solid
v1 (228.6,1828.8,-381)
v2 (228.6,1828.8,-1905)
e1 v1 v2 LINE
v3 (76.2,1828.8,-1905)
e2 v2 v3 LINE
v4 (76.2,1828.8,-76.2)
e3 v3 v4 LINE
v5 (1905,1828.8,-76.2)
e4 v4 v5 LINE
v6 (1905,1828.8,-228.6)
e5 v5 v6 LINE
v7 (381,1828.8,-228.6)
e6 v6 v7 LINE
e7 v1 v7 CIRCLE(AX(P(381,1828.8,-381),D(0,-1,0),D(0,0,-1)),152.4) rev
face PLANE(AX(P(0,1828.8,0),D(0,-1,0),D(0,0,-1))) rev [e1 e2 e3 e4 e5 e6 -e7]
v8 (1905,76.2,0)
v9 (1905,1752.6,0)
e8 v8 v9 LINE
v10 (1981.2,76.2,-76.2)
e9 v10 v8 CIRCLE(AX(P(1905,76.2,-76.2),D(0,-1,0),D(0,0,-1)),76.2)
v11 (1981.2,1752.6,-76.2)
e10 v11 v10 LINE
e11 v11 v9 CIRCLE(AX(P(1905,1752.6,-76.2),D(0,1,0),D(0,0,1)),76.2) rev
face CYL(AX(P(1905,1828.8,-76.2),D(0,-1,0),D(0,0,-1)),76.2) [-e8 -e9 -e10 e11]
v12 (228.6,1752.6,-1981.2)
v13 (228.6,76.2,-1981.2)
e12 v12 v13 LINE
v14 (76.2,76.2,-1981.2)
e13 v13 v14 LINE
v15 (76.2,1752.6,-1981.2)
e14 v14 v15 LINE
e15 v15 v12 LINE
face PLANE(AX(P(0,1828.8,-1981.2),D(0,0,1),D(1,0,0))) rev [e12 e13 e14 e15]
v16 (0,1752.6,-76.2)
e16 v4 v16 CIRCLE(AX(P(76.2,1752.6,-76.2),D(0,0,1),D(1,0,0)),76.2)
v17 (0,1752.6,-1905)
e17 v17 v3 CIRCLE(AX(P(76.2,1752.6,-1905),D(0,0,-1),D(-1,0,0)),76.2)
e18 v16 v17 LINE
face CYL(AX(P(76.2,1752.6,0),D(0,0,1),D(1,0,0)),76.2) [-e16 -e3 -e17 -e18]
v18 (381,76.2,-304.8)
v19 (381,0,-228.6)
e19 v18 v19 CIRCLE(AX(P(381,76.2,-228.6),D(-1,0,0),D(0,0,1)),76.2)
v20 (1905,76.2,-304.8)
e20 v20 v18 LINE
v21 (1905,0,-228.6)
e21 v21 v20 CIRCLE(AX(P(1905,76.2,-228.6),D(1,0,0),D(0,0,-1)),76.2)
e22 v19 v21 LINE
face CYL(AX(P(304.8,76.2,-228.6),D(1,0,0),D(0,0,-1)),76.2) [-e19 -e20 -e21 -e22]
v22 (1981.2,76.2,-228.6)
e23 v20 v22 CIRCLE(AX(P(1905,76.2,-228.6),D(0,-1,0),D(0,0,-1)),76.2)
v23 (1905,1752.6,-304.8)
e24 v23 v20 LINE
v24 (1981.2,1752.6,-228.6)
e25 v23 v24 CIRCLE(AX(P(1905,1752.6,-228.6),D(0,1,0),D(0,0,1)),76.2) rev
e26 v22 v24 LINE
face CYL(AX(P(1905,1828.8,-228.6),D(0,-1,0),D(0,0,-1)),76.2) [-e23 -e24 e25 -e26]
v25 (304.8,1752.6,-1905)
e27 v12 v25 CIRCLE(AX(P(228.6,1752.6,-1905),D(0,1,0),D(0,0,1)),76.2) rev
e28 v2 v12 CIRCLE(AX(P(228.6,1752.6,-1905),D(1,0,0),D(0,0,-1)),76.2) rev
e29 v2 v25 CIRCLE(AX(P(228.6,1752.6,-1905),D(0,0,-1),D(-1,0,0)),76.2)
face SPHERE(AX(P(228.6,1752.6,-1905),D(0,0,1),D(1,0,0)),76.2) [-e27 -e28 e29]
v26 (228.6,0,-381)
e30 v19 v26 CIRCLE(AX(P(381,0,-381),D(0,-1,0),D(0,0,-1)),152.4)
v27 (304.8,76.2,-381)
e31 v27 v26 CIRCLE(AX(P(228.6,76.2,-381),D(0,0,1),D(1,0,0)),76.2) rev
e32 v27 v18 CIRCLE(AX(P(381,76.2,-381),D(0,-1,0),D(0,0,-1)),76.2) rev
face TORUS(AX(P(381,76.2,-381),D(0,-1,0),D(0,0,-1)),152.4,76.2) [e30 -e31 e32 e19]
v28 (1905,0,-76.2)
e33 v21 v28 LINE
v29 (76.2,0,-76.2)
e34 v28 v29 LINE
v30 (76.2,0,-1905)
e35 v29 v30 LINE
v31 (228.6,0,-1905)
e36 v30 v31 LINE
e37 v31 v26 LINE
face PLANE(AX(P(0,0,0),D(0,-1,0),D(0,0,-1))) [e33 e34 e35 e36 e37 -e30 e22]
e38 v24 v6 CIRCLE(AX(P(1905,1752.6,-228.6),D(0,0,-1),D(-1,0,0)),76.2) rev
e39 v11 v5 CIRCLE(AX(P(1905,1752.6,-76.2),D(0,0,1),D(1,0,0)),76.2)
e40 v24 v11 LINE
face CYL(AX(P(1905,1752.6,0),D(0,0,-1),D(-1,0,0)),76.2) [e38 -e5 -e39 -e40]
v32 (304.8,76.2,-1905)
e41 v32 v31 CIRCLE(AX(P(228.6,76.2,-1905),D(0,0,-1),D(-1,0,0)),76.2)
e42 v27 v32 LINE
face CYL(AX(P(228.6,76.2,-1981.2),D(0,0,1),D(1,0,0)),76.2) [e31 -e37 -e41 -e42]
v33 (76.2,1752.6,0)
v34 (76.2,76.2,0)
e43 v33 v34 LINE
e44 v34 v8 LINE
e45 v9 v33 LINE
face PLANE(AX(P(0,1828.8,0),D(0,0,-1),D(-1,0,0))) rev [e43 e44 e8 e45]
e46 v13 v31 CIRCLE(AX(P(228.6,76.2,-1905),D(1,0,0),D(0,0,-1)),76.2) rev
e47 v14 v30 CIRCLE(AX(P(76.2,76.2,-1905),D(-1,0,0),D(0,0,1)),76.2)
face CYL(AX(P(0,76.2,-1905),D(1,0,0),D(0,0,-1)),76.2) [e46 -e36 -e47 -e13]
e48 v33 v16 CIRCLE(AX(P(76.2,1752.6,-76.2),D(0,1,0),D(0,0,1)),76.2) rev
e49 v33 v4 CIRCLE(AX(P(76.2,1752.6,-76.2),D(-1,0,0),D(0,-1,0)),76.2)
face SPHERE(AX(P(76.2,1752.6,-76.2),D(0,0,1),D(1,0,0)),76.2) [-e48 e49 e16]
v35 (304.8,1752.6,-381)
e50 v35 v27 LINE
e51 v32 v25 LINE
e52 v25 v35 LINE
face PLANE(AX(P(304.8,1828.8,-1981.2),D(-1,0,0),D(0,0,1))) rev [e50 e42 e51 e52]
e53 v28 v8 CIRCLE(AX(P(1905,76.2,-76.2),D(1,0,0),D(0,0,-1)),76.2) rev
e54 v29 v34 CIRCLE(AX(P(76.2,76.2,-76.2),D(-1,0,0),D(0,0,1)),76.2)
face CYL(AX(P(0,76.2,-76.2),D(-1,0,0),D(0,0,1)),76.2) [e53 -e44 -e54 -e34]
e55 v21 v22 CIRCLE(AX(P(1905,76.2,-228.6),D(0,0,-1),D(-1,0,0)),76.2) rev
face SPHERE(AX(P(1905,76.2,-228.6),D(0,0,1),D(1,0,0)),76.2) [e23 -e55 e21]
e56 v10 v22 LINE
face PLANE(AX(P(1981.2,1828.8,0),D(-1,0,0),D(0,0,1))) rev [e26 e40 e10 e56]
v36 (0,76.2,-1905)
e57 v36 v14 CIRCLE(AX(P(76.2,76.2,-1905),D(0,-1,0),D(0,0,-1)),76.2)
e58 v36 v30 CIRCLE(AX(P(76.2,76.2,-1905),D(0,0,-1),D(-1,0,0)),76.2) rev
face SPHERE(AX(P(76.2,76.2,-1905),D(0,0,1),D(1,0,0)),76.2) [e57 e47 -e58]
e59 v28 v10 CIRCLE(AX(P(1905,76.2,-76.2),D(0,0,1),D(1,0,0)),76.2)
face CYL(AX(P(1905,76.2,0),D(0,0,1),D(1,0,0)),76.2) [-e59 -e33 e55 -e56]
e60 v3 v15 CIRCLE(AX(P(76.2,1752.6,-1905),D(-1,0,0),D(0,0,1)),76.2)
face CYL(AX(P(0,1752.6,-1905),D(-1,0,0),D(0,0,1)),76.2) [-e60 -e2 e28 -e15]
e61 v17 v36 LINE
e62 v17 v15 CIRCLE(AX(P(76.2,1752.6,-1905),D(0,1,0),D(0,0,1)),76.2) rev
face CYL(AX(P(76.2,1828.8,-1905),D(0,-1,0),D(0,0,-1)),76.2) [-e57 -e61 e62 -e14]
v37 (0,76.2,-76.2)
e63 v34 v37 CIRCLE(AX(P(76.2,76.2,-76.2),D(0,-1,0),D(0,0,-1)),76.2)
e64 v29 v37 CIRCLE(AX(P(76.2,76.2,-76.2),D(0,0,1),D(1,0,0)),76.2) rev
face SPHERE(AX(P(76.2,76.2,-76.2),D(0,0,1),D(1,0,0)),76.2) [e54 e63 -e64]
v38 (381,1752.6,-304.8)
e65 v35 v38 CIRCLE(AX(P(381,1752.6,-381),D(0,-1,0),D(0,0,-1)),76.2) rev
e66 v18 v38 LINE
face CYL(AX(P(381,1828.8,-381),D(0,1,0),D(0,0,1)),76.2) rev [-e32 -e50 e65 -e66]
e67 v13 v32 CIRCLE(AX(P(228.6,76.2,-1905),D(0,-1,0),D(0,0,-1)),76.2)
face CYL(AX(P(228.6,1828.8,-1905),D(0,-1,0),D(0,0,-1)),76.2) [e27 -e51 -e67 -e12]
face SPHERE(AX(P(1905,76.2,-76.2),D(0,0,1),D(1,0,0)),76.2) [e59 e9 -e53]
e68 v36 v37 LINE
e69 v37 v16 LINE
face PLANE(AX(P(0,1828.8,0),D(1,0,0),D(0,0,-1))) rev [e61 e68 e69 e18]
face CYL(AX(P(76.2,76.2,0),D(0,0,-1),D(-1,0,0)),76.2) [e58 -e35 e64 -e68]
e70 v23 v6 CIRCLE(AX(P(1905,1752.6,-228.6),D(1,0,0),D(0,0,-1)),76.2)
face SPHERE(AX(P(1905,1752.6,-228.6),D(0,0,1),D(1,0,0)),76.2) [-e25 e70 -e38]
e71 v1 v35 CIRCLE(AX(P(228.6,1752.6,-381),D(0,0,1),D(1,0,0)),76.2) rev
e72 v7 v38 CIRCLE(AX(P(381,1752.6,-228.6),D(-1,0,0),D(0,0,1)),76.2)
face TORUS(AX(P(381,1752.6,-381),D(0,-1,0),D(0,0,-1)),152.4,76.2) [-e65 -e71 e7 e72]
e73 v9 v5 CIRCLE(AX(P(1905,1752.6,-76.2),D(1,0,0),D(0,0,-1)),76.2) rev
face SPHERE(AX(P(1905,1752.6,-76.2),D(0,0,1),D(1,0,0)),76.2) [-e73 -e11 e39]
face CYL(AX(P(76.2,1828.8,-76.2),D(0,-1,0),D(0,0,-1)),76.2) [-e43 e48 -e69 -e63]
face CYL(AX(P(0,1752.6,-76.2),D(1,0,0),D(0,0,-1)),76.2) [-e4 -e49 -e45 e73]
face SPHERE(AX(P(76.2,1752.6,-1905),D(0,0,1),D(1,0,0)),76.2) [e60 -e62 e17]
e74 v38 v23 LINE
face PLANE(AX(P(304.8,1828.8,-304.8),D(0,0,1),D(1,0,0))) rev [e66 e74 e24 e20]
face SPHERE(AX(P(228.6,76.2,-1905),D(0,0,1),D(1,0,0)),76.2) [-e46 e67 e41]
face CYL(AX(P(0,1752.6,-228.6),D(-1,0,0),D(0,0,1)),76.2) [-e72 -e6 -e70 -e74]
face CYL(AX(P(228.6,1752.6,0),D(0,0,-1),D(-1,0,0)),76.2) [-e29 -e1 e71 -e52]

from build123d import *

# Parameters (mm, degrees)
BOSS_EXTRUDE1_DEPTH = 1828.8
FILLET1_R           = 76.2


with BuildPart() as part:
    # Sketch1 → Boss-Extrude1 (new body)
    with BuildSketch(Plane(origin=(0, 0, 0), x_dir=(1, 0, 0), z_dir=(0, 1, 0))):
        Polygon((304.8, 1981.2), (304.8, 304.8), (1981.2, 304.8), (1981.2, 0), (0, 0), (0, 1981.2), align=None)
    extrude(amount=BOSS_EXTRUDE1_DEPTH)

    # Fillet1
    fillet1_edges = [part.edges().sort_by_distance(p)[0] for p in [
        (1981.2, 1828.8, -152.4),
        (0, 914.4, -1981.2),
        (304.8, 914.4, -1981.2),
        (304.8, 914.4, -304.8),
        (1981.2, 914.4, -304.8),
        (1981.2, 914.4, 0),
        (0, 914.4, 0),
        (1143, 1828.8, -304.8),
        (304.8, 1828.8, -1143),
        (152.4, 1828.8, -1981.2),
        (0, 1828.8, -990.6),
        (152.4, 0, -1981.2),
        (304.8, 0, -1143),
        (1143, 0, -304.8),
        (990.6, 1828.8, 0),
        (1981.2, 0, -152.4),
        (990.6, 0, 0),
        (0, 0, -990.6),
    ]]
    fillet(fillet1_edges, radius=FILLET1_R)


solid = part.part
